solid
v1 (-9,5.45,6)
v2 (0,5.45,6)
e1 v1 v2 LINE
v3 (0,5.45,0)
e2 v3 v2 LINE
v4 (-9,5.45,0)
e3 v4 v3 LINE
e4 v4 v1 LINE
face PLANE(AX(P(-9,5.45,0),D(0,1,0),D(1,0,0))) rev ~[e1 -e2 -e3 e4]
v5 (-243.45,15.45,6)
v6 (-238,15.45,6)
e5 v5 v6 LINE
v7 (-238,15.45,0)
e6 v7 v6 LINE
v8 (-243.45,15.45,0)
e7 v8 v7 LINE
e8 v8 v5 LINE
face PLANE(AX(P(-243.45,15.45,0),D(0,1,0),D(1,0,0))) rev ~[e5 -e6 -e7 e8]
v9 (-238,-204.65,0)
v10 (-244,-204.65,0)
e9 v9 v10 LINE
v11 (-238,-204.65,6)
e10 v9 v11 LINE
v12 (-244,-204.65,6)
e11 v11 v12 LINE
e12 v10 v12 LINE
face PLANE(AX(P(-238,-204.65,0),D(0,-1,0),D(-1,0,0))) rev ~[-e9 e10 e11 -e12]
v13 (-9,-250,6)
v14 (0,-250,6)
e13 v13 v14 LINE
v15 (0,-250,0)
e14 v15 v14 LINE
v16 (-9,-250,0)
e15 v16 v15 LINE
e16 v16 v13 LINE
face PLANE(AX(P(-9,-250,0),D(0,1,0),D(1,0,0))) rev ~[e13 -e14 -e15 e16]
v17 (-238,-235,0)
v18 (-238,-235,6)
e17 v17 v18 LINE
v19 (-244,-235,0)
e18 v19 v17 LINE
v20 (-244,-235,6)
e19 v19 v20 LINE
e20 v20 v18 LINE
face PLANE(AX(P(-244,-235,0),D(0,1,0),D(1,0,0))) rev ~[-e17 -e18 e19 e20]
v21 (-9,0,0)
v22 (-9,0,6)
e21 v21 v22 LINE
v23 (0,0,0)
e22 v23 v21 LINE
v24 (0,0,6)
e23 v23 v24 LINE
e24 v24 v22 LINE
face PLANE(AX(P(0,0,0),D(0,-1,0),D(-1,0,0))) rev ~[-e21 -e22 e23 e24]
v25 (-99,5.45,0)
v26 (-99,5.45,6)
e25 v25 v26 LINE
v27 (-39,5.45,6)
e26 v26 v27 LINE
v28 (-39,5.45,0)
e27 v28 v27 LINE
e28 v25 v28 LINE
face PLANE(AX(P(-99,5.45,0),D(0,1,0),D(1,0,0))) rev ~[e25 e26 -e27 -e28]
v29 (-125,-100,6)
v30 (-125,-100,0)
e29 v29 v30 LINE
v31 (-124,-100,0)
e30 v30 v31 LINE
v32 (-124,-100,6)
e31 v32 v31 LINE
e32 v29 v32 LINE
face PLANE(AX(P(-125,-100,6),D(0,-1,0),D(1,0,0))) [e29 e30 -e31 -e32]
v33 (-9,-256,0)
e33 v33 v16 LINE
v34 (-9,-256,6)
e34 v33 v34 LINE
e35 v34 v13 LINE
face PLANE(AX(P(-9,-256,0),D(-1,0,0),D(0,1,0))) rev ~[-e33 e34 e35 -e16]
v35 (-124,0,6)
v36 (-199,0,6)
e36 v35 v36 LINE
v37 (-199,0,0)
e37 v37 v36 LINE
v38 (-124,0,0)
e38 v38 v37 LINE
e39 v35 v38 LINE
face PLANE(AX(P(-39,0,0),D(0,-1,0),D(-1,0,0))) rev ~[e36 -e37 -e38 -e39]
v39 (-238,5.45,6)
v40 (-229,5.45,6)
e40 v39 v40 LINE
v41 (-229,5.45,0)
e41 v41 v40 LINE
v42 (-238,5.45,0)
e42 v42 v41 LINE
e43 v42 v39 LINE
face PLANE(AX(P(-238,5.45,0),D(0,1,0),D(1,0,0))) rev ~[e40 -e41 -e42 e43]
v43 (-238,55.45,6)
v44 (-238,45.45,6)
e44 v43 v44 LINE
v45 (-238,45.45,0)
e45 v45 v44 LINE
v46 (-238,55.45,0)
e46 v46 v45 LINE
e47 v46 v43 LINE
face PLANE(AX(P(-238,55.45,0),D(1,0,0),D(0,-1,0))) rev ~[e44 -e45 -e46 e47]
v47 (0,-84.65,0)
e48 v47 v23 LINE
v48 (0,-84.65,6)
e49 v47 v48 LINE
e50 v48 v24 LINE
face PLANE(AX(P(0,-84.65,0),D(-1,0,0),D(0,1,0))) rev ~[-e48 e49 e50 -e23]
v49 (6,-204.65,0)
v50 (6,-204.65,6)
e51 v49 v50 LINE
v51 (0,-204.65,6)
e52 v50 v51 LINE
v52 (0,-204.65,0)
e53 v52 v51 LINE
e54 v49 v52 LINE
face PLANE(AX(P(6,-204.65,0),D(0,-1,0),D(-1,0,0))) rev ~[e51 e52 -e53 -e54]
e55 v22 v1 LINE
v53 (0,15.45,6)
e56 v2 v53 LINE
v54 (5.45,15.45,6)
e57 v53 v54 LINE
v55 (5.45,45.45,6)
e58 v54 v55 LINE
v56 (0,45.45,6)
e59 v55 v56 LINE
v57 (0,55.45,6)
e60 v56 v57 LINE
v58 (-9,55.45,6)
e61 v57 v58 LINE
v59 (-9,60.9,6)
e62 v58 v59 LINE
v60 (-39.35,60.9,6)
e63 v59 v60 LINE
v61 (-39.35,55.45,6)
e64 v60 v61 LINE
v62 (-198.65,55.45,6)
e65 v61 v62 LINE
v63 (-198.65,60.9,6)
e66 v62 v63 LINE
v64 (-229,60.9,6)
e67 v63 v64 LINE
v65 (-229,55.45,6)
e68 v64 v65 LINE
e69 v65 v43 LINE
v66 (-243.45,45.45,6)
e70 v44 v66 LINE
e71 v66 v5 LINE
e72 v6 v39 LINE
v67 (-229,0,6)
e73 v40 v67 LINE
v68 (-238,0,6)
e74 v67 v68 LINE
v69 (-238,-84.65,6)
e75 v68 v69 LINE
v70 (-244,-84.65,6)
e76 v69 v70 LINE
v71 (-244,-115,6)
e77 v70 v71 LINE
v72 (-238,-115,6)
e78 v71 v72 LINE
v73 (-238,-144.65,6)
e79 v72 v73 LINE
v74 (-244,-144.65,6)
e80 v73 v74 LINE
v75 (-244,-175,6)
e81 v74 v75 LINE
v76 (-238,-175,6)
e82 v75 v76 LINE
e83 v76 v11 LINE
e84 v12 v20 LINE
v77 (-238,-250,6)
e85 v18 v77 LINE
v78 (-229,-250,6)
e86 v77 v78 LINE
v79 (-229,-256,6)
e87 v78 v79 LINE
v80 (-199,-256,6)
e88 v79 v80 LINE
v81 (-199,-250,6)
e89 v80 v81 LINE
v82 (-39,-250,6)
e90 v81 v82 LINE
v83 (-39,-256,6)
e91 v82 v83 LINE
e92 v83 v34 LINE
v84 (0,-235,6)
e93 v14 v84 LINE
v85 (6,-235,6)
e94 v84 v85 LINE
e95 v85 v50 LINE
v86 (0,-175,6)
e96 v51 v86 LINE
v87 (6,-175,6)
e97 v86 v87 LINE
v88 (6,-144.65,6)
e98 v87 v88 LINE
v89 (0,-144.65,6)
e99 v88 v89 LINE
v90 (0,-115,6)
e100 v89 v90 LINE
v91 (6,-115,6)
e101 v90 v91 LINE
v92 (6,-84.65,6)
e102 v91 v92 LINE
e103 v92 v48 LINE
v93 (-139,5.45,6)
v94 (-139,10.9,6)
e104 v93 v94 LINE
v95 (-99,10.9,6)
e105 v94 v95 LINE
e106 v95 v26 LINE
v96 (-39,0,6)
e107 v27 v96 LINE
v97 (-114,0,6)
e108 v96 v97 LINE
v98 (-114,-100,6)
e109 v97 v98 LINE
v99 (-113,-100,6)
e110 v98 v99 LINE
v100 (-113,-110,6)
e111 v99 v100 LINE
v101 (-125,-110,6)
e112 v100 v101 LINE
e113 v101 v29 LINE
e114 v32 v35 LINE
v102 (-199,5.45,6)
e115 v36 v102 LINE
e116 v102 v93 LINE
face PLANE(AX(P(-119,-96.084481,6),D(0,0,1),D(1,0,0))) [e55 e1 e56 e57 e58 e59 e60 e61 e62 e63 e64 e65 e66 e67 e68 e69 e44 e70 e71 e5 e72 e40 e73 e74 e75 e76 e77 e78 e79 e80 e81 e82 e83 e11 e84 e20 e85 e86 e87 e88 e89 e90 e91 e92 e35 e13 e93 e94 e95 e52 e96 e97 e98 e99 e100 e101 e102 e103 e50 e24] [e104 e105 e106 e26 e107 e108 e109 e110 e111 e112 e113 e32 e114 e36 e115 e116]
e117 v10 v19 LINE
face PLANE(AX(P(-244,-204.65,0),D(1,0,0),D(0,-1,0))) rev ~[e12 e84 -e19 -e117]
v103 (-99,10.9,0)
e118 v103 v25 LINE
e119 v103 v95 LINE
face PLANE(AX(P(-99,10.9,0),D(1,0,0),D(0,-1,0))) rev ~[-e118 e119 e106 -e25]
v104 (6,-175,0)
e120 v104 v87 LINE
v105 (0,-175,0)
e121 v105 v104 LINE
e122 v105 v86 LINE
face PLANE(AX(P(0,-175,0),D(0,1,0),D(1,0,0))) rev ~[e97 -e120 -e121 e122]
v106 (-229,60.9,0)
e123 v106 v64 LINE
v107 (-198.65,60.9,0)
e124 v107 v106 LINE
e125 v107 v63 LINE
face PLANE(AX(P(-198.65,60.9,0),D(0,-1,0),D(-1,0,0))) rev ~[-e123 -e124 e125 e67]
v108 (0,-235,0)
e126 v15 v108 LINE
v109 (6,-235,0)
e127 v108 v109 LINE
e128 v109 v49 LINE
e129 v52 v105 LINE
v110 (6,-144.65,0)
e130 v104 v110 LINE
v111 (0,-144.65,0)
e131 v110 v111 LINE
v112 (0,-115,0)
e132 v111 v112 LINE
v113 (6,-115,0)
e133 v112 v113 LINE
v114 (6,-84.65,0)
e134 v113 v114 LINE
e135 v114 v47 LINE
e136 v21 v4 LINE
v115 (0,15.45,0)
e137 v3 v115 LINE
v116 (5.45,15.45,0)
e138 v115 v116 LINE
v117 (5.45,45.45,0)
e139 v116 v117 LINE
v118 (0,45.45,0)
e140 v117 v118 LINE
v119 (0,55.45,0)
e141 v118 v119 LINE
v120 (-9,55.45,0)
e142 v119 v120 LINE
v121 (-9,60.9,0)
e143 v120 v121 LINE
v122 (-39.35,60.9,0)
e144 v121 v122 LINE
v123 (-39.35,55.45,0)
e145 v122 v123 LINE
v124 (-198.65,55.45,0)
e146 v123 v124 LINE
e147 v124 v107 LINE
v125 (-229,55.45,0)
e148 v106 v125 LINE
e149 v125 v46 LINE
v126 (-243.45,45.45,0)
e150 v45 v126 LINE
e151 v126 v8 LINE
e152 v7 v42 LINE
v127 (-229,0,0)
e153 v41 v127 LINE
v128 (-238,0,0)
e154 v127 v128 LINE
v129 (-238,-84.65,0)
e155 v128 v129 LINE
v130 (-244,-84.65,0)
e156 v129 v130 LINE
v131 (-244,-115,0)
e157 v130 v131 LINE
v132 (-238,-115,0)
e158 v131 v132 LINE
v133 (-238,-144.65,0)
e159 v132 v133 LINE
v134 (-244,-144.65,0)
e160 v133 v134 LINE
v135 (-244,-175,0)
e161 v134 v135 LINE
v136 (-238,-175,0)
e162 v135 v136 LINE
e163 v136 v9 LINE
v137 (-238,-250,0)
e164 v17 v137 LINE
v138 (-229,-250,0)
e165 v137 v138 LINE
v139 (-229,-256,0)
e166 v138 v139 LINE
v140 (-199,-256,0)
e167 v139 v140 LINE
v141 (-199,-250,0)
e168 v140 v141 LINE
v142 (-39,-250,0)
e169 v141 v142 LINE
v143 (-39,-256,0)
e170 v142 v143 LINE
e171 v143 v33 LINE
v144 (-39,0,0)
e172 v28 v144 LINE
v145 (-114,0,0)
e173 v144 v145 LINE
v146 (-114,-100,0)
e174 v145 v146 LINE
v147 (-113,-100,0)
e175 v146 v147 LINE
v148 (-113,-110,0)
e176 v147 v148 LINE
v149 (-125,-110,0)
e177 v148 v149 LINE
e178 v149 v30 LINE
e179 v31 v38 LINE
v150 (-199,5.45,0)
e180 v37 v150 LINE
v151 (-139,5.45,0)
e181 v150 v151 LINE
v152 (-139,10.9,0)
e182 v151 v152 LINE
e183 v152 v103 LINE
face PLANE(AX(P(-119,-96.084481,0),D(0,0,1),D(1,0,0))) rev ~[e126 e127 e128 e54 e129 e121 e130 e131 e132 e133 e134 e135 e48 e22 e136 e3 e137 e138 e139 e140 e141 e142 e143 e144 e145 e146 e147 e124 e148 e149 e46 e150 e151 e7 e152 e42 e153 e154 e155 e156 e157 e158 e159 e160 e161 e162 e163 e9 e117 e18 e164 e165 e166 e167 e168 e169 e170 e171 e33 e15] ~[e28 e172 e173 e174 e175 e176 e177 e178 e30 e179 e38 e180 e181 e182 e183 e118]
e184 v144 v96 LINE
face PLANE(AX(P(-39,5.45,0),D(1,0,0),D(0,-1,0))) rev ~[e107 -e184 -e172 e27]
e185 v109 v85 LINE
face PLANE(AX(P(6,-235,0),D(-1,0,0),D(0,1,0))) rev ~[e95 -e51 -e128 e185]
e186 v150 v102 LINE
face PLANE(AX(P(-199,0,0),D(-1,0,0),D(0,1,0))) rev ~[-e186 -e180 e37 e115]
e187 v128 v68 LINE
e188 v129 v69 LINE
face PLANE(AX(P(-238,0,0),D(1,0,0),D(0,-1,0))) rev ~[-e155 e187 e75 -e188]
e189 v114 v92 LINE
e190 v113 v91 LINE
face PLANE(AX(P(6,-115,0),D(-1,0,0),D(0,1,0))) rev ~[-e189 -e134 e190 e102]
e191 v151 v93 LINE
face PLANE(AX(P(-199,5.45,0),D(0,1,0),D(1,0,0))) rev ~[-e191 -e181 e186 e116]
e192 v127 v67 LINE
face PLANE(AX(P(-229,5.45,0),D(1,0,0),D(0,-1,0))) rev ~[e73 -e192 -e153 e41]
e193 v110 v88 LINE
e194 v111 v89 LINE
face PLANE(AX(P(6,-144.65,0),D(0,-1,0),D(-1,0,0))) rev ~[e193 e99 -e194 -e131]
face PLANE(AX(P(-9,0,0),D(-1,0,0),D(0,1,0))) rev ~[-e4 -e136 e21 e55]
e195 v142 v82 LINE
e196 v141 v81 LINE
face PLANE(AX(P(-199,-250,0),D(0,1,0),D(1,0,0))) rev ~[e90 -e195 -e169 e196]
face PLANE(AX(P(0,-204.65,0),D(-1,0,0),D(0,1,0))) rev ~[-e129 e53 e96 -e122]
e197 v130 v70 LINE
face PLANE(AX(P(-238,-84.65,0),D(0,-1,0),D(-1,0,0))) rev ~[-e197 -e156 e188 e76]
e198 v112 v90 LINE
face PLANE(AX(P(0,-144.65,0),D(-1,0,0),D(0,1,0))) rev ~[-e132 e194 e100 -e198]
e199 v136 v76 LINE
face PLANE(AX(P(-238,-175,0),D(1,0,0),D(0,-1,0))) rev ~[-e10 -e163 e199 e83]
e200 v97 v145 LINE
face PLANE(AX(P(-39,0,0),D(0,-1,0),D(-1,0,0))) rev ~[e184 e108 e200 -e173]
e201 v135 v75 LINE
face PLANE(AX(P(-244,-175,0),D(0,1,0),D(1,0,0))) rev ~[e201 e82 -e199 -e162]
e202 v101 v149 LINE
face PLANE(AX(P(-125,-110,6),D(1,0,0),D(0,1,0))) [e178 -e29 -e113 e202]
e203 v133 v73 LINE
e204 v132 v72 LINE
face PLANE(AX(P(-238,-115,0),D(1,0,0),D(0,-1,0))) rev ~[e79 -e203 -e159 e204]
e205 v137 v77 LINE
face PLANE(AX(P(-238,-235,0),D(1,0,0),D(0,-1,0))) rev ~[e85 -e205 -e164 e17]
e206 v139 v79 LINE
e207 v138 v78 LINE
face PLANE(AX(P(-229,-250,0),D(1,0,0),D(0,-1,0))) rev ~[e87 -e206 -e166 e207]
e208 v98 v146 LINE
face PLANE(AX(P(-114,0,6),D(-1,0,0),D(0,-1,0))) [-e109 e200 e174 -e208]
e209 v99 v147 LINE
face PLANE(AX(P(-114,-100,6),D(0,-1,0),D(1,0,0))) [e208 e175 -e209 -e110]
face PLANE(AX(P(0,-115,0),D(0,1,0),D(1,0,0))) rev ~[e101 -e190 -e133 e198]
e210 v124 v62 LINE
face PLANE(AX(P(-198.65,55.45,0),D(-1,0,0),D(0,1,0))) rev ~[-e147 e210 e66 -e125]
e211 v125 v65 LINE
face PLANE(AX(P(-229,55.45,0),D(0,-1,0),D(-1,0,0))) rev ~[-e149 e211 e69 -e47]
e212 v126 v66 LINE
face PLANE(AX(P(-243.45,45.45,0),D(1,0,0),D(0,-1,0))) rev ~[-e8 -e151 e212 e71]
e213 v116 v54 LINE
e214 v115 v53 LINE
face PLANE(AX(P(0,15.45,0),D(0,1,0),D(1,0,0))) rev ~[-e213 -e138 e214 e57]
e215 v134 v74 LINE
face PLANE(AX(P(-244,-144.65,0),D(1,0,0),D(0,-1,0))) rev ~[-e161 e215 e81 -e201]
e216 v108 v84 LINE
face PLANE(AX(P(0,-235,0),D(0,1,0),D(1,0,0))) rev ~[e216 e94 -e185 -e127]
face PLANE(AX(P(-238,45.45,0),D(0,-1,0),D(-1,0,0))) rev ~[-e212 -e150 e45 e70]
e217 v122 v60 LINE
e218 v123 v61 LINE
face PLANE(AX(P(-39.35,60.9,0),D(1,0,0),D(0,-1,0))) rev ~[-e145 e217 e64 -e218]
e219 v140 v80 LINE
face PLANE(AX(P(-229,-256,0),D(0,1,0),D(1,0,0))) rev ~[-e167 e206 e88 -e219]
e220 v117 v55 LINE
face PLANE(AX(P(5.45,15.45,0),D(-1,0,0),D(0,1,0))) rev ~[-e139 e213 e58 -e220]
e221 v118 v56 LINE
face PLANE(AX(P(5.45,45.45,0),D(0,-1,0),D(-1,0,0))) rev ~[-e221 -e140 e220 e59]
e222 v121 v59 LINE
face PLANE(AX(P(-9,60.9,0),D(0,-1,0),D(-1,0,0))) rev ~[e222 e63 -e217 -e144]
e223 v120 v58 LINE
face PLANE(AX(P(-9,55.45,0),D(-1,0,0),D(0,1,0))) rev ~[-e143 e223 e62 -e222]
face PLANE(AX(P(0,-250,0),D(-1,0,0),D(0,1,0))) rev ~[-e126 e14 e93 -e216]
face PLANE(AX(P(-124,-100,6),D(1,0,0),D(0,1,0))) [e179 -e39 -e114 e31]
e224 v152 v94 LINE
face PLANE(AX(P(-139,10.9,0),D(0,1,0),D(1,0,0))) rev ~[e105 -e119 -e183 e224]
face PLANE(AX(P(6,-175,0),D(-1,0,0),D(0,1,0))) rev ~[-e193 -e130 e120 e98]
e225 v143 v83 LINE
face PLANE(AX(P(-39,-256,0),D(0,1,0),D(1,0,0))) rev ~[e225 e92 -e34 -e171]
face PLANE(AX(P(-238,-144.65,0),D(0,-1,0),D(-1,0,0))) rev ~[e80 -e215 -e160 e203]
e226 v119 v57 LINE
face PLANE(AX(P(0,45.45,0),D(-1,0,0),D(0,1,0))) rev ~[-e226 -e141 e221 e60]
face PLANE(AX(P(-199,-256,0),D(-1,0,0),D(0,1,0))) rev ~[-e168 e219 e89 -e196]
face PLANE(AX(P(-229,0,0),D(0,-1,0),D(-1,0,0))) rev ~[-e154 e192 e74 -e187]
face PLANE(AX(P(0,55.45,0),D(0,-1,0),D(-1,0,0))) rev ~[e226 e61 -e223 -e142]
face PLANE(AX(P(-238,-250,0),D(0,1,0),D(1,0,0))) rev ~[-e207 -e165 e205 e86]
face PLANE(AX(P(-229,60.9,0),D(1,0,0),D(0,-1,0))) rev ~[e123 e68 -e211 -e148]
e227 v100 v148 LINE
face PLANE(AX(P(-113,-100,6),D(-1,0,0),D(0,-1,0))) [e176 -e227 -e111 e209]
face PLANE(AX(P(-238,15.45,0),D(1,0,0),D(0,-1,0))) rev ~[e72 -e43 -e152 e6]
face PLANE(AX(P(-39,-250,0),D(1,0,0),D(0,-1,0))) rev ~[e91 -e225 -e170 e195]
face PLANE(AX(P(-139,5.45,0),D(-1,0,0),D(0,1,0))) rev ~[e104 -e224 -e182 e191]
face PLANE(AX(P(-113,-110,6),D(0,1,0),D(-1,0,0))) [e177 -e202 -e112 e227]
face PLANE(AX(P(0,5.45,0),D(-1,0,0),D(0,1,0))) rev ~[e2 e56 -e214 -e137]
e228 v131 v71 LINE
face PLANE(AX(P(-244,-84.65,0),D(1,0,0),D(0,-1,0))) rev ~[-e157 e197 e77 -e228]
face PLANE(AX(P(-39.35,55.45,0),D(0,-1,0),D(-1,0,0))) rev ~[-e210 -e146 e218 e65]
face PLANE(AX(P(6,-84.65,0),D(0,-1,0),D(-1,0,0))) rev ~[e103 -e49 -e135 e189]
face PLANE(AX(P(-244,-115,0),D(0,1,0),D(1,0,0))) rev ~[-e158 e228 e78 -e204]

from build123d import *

# Parameters (mm, degrees)
EXTRUDE_1_DEPTH     = 6
CUT_EXTRUDE_1_DEPTH = 10


with BuildPart() as part:
    # Эскиз2 → Бобышка-Вытянуть1 (new body)
    with BuildSketch(Plane.XY):
        Polygon((0, 0), (-9, 0), (-9, 5.45), (0, 5.45), (0, 15.45), (5.45, 15.45), (5.45, 45.45), (0, 45.45), (0, 55.45), (-9, 55.45), (-9, 60.9), (-39.35, 60.9), (-39.35, 55.45), (-198.65, 55.45), (-198.65, 60.9), (-229, 60.9), (-229, 55.45), (-238, 55.45), (-238, 45.45), (-243.45, 45.45), (-243.45, 15.45), (-238, 15.45), (-238, 5.45), (-229, 5.45), (-229, 0), (-238, 0), (-238, -84.65), (-244, -84.65), (-244, -115), (-238, -115), (-238, -144.65), (-244, -144.65), (-244, -175), (-238, -175), (-238, -204.65), (-244, -204.65), (-244, -235), (-238, -235), (-238, -250), (-229, -250), (-229, -256), (-199, -256), (-199, -250), (-39, -250), (-39, -256), (-9, -256), (-9, -250), (0, -250), (0, -235), (6, -235), (6, -204.65), (0, -204.65), (0, -175), (6, -175), (6, -144.65), (0, -144.65), (0, -115), (6, -115), (6, -84.65), (0, -84.65), align=None)
        Polygon((-199, 0), (-199, 5.45), (-139, 5.45), (-139, 10.9), (-99, 10.9), (-99, 5.45), (-39, 5.45), (-39, 0), align=None, mode=Mode.SUBTRACT)
    extrude(amount=EXTRUDE_1_DEPTH)

    # Эскиз4 → Вырез-Вытянуть1 (cut)
    with BuildSketch(Plane.XY.offset(6)):
        Polygon((-114, -100), (-113, -100), (-113, -110), (-125, -110), (-125, -100), (-124, -100), (-124, 0), (-114, 0), align=None)
    extrude(amount=-CUT_EXTRUDE_1_DEPTH, mode=Mode.SUBTRACT)


solid = part.part
